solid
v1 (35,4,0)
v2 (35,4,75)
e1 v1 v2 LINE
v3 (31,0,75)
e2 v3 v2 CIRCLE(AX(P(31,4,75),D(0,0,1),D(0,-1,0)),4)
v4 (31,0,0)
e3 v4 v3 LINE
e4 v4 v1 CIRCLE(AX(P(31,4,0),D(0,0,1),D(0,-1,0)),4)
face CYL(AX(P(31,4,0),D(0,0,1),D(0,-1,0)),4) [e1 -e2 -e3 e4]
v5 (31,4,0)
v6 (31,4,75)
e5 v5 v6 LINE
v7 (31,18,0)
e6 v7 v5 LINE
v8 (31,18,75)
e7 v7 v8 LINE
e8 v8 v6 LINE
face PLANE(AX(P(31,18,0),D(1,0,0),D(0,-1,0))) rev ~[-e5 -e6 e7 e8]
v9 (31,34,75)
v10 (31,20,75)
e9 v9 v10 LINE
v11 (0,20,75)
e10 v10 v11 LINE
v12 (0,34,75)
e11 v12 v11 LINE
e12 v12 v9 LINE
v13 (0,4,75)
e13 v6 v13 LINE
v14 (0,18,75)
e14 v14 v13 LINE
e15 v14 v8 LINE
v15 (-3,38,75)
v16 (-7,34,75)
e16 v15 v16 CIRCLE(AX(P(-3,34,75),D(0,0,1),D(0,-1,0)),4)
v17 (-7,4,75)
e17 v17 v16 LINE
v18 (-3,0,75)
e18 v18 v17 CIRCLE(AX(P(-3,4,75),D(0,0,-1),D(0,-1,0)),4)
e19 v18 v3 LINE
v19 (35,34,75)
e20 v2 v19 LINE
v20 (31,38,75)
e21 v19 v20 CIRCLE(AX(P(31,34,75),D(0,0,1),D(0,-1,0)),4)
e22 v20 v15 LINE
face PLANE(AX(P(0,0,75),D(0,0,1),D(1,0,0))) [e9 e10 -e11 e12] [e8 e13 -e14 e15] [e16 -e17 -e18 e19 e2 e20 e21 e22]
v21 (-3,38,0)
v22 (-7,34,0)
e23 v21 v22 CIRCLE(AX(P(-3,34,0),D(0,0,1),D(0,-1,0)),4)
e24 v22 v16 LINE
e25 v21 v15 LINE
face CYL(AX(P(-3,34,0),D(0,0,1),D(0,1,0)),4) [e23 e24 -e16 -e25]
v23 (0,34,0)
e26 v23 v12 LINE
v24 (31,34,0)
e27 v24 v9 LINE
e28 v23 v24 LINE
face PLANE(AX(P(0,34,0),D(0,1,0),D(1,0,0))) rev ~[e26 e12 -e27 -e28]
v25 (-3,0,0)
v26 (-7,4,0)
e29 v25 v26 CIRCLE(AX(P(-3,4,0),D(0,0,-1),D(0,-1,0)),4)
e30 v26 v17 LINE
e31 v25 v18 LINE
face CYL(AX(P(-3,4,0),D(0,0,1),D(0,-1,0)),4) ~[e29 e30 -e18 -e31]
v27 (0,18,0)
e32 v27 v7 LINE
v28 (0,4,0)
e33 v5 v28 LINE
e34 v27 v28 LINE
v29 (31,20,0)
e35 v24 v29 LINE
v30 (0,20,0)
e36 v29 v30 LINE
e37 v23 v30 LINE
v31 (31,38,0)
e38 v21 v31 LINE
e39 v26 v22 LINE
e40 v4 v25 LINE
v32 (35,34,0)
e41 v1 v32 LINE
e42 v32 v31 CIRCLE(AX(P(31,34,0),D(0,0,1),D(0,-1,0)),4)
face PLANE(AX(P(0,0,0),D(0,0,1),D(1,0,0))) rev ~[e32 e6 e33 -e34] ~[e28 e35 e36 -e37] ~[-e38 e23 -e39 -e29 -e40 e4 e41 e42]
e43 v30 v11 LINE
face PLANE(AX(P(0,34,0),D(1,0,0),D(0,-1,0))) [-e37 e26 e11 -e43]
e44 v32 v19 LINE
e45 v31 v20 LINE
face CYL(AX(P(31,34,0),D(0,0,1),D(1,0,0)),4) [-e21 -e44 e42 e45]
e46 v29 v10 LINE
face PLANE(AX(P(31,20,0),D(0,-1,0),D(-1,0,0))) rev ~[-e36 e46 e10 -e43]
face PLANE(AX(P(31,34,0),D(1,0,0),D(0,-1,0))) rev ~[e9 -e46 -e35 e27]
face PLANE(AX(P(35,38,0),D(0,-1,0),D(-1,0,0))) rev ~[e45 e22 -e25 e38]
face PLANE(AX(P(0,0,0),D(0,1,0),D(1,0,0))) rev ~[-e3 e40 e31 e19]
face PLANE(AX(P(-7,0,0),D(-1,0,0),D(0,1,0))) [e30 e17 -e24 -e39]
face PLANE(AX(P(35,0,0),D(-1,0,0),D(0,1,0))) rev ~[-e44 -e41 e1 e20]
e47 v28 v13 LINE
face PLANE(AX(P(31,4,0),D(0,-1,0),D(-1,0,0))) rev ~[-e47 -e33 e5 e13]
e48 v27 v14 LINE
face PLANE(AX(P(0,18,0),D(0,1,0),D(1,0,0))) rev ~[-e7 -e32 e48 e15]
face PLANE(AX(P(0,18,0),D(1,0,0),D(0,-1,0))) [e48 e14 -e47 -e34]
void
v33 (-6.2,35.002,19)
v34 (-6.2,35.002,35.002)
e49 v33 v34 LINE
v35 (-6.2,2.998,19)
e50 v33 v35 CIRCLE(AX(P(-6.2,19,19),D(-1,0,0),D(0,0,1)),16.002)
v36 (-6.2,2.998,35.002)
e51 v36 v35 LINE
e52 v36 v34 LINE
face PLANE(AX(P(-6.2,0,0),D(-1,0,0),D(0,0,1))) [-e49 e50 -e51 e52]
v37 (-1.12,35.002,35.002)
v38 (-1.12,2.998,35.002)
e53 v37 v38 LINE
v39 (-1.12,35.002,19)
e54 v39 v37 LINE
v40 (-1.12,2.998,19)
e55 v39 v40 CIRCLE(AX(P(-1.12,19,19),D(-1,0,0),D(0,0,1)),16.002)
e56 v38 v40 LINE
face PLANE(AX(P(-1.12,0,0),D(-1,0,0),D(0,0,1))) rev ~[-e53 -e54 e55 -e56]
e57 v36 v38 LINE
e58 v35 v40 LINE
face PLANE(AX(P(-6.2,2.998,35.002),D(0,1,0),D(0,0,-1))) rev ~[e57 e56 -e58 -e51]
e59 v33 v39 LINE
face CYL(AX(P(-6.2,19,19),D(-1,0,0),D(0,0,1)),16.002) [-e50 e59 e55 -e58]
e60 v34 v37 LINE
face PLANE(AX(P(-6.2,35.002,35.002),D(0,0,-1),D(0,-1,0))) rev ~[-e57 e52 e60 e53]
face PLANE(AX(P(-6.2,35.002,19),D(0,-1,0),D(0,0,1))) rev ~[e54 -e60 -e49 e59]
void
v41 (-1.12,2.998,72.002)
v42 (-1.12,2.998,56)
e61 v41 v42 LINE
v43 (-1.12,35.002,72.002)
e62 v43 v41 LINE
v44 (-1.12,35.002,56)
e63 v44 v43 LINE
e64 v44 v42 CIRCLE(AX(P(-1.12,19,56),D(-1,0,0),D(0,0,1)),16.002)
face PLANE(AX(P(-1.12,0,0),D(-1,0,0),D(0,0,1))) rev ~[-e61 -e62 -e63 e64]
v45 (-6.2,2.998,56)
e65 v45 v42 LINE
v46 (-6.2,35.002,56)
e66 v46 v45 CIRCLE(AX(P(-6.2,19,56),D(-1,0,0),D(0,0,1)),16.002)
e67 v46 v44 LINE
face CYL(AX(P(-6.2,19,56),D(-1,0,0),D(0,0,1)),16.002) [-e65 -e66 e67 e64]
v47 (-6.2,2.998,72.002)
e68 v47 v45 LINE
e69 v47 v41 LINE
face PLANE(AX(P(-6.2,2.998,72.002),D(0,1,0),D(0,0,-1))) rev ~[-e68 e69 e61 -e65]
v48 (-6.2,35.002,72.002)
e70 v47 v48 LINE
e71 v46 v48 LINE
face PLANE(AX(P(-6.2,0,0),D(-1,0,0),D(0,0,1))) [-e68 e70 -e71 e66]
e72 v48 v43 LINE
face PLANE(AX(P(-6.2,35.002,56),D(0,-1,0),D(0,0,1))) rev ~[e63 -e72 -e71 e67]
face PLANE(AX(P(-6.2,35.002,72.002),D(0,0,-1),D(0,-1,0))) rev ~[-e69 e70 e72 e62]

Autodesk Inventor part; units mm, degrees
ref_plane "YZ Plane" through (0, 0, 0) normal (1, 0, 0) x (0, 1, 0)
ref_plane "XZ Plane" through (0, 0, 0) normal (0, 1, 0) x (-1, 0, 0)
sketch "Sketch1" plane through (0, 0, 0) normal (0, 0, 1) x (1, 0, 0)
  line L0 (0, 0) -> (31, 0)
  line L1 (31, 0) -> (31, 4)
  line L2 (31, 4) -> (0, 4)
  line L3 (0, 4) -> (0, 0)
  line L4 (0, 18) -> (31, 18)
  line L5 (31, 18) -> (31, 20)
  line L6 (31, 20) -> (0, 20)
  line L7 (0, 20) -> (0, 18)
  line L8 (0, 34) -> (31, 34)
  line L9 (31, 34) -> (31, 38)
  line L10 (31, 38) -> (0, 38)
  line L11 (0, 38) -> (0, 34)
  line L12 (-7, 38) -> (0, 38)
  line L13 (0, 38) -> (0, 0)
  line L14 (0, 0) -> (-7, 0)
  line L15 (-7, 0) -> (-7, 38)
  line L16 (35, 38) -> (31, 38)
  line L17 (31, 38) -> (31, 0)
  line L18 (31, 0) -> (35, 0)
  line L19 (35, 0) -> (35, 38)
  point P0 (0, 4)
  point P1 (0, 18)
  point P2 (0, 20)
  point P3 (0, 34)
  dimension "d1" = 31
  dimension "d3" = 14
  dimension "d4" = 14
  dimension "d7" = 4
  dimension "d25" = 2
  dimension "d26" = 7
  dimension "d27" = 4
extrude "Extrusion1" add sketch "Sketch1" along normal blind 75 contours L3 L2 L1 L0 | L14 L15 L12 L11 L13 L7 L3 | L1 L17 L5 L9 L16 L19 L18 | L7 L6 L5 L4 | L10 L9 L8 L11
ref_plane "Work Plane5" through (-6.2, 0, 0) normal (-1, 0, 0) x (0, 0, 1)
sketch "Sketch4" plane through (-7, 0, 0) normal (-1, 0, 0) x (0, 0, 1)
  circle A0 centre (19, 19) radius 16.002
  circle A1 centre (56, 19) radius 16.002
  line L0 (75, 38) -> (75, 0) projected
  line L1 (0, 38) -> (0, 0) projected
  line L2 (56, 35.002) -> (72.002, 35.002)
  line L3 (72.002, 35.002) -> (72.002, 2.998)
  line L4 (72.002, 2.998) -> (56, 2.998)
  line L5 (19, 35.002) -> (35.002, 35.002)
  line L6 (35.002, 35.002) -> (35.002, 2.998)
  line L7 (35.002, 2.998) -> (19, 2.998)
  point P0 (0, 19)
  point P1 (35.002, 19)
  point P2 (72.002, 19)
  dimension "d28" = 32.004
  dimension "d29" = 32.004
  dimension "d32" = 19
  dimension "d33" = 19
extrude "Extrusion4" cut sketch "Sketch4" against normal blind 5.08 from surface at -0.8
fillet "Fillet2" radius 4 4 edges at (-7, 38, 37.5) (35, 38, 37.5) (35, 0, 37.5) (-7, 0, 37.5)
equation "\"d3\" = d4"
properties part number "Electronics Mount"
